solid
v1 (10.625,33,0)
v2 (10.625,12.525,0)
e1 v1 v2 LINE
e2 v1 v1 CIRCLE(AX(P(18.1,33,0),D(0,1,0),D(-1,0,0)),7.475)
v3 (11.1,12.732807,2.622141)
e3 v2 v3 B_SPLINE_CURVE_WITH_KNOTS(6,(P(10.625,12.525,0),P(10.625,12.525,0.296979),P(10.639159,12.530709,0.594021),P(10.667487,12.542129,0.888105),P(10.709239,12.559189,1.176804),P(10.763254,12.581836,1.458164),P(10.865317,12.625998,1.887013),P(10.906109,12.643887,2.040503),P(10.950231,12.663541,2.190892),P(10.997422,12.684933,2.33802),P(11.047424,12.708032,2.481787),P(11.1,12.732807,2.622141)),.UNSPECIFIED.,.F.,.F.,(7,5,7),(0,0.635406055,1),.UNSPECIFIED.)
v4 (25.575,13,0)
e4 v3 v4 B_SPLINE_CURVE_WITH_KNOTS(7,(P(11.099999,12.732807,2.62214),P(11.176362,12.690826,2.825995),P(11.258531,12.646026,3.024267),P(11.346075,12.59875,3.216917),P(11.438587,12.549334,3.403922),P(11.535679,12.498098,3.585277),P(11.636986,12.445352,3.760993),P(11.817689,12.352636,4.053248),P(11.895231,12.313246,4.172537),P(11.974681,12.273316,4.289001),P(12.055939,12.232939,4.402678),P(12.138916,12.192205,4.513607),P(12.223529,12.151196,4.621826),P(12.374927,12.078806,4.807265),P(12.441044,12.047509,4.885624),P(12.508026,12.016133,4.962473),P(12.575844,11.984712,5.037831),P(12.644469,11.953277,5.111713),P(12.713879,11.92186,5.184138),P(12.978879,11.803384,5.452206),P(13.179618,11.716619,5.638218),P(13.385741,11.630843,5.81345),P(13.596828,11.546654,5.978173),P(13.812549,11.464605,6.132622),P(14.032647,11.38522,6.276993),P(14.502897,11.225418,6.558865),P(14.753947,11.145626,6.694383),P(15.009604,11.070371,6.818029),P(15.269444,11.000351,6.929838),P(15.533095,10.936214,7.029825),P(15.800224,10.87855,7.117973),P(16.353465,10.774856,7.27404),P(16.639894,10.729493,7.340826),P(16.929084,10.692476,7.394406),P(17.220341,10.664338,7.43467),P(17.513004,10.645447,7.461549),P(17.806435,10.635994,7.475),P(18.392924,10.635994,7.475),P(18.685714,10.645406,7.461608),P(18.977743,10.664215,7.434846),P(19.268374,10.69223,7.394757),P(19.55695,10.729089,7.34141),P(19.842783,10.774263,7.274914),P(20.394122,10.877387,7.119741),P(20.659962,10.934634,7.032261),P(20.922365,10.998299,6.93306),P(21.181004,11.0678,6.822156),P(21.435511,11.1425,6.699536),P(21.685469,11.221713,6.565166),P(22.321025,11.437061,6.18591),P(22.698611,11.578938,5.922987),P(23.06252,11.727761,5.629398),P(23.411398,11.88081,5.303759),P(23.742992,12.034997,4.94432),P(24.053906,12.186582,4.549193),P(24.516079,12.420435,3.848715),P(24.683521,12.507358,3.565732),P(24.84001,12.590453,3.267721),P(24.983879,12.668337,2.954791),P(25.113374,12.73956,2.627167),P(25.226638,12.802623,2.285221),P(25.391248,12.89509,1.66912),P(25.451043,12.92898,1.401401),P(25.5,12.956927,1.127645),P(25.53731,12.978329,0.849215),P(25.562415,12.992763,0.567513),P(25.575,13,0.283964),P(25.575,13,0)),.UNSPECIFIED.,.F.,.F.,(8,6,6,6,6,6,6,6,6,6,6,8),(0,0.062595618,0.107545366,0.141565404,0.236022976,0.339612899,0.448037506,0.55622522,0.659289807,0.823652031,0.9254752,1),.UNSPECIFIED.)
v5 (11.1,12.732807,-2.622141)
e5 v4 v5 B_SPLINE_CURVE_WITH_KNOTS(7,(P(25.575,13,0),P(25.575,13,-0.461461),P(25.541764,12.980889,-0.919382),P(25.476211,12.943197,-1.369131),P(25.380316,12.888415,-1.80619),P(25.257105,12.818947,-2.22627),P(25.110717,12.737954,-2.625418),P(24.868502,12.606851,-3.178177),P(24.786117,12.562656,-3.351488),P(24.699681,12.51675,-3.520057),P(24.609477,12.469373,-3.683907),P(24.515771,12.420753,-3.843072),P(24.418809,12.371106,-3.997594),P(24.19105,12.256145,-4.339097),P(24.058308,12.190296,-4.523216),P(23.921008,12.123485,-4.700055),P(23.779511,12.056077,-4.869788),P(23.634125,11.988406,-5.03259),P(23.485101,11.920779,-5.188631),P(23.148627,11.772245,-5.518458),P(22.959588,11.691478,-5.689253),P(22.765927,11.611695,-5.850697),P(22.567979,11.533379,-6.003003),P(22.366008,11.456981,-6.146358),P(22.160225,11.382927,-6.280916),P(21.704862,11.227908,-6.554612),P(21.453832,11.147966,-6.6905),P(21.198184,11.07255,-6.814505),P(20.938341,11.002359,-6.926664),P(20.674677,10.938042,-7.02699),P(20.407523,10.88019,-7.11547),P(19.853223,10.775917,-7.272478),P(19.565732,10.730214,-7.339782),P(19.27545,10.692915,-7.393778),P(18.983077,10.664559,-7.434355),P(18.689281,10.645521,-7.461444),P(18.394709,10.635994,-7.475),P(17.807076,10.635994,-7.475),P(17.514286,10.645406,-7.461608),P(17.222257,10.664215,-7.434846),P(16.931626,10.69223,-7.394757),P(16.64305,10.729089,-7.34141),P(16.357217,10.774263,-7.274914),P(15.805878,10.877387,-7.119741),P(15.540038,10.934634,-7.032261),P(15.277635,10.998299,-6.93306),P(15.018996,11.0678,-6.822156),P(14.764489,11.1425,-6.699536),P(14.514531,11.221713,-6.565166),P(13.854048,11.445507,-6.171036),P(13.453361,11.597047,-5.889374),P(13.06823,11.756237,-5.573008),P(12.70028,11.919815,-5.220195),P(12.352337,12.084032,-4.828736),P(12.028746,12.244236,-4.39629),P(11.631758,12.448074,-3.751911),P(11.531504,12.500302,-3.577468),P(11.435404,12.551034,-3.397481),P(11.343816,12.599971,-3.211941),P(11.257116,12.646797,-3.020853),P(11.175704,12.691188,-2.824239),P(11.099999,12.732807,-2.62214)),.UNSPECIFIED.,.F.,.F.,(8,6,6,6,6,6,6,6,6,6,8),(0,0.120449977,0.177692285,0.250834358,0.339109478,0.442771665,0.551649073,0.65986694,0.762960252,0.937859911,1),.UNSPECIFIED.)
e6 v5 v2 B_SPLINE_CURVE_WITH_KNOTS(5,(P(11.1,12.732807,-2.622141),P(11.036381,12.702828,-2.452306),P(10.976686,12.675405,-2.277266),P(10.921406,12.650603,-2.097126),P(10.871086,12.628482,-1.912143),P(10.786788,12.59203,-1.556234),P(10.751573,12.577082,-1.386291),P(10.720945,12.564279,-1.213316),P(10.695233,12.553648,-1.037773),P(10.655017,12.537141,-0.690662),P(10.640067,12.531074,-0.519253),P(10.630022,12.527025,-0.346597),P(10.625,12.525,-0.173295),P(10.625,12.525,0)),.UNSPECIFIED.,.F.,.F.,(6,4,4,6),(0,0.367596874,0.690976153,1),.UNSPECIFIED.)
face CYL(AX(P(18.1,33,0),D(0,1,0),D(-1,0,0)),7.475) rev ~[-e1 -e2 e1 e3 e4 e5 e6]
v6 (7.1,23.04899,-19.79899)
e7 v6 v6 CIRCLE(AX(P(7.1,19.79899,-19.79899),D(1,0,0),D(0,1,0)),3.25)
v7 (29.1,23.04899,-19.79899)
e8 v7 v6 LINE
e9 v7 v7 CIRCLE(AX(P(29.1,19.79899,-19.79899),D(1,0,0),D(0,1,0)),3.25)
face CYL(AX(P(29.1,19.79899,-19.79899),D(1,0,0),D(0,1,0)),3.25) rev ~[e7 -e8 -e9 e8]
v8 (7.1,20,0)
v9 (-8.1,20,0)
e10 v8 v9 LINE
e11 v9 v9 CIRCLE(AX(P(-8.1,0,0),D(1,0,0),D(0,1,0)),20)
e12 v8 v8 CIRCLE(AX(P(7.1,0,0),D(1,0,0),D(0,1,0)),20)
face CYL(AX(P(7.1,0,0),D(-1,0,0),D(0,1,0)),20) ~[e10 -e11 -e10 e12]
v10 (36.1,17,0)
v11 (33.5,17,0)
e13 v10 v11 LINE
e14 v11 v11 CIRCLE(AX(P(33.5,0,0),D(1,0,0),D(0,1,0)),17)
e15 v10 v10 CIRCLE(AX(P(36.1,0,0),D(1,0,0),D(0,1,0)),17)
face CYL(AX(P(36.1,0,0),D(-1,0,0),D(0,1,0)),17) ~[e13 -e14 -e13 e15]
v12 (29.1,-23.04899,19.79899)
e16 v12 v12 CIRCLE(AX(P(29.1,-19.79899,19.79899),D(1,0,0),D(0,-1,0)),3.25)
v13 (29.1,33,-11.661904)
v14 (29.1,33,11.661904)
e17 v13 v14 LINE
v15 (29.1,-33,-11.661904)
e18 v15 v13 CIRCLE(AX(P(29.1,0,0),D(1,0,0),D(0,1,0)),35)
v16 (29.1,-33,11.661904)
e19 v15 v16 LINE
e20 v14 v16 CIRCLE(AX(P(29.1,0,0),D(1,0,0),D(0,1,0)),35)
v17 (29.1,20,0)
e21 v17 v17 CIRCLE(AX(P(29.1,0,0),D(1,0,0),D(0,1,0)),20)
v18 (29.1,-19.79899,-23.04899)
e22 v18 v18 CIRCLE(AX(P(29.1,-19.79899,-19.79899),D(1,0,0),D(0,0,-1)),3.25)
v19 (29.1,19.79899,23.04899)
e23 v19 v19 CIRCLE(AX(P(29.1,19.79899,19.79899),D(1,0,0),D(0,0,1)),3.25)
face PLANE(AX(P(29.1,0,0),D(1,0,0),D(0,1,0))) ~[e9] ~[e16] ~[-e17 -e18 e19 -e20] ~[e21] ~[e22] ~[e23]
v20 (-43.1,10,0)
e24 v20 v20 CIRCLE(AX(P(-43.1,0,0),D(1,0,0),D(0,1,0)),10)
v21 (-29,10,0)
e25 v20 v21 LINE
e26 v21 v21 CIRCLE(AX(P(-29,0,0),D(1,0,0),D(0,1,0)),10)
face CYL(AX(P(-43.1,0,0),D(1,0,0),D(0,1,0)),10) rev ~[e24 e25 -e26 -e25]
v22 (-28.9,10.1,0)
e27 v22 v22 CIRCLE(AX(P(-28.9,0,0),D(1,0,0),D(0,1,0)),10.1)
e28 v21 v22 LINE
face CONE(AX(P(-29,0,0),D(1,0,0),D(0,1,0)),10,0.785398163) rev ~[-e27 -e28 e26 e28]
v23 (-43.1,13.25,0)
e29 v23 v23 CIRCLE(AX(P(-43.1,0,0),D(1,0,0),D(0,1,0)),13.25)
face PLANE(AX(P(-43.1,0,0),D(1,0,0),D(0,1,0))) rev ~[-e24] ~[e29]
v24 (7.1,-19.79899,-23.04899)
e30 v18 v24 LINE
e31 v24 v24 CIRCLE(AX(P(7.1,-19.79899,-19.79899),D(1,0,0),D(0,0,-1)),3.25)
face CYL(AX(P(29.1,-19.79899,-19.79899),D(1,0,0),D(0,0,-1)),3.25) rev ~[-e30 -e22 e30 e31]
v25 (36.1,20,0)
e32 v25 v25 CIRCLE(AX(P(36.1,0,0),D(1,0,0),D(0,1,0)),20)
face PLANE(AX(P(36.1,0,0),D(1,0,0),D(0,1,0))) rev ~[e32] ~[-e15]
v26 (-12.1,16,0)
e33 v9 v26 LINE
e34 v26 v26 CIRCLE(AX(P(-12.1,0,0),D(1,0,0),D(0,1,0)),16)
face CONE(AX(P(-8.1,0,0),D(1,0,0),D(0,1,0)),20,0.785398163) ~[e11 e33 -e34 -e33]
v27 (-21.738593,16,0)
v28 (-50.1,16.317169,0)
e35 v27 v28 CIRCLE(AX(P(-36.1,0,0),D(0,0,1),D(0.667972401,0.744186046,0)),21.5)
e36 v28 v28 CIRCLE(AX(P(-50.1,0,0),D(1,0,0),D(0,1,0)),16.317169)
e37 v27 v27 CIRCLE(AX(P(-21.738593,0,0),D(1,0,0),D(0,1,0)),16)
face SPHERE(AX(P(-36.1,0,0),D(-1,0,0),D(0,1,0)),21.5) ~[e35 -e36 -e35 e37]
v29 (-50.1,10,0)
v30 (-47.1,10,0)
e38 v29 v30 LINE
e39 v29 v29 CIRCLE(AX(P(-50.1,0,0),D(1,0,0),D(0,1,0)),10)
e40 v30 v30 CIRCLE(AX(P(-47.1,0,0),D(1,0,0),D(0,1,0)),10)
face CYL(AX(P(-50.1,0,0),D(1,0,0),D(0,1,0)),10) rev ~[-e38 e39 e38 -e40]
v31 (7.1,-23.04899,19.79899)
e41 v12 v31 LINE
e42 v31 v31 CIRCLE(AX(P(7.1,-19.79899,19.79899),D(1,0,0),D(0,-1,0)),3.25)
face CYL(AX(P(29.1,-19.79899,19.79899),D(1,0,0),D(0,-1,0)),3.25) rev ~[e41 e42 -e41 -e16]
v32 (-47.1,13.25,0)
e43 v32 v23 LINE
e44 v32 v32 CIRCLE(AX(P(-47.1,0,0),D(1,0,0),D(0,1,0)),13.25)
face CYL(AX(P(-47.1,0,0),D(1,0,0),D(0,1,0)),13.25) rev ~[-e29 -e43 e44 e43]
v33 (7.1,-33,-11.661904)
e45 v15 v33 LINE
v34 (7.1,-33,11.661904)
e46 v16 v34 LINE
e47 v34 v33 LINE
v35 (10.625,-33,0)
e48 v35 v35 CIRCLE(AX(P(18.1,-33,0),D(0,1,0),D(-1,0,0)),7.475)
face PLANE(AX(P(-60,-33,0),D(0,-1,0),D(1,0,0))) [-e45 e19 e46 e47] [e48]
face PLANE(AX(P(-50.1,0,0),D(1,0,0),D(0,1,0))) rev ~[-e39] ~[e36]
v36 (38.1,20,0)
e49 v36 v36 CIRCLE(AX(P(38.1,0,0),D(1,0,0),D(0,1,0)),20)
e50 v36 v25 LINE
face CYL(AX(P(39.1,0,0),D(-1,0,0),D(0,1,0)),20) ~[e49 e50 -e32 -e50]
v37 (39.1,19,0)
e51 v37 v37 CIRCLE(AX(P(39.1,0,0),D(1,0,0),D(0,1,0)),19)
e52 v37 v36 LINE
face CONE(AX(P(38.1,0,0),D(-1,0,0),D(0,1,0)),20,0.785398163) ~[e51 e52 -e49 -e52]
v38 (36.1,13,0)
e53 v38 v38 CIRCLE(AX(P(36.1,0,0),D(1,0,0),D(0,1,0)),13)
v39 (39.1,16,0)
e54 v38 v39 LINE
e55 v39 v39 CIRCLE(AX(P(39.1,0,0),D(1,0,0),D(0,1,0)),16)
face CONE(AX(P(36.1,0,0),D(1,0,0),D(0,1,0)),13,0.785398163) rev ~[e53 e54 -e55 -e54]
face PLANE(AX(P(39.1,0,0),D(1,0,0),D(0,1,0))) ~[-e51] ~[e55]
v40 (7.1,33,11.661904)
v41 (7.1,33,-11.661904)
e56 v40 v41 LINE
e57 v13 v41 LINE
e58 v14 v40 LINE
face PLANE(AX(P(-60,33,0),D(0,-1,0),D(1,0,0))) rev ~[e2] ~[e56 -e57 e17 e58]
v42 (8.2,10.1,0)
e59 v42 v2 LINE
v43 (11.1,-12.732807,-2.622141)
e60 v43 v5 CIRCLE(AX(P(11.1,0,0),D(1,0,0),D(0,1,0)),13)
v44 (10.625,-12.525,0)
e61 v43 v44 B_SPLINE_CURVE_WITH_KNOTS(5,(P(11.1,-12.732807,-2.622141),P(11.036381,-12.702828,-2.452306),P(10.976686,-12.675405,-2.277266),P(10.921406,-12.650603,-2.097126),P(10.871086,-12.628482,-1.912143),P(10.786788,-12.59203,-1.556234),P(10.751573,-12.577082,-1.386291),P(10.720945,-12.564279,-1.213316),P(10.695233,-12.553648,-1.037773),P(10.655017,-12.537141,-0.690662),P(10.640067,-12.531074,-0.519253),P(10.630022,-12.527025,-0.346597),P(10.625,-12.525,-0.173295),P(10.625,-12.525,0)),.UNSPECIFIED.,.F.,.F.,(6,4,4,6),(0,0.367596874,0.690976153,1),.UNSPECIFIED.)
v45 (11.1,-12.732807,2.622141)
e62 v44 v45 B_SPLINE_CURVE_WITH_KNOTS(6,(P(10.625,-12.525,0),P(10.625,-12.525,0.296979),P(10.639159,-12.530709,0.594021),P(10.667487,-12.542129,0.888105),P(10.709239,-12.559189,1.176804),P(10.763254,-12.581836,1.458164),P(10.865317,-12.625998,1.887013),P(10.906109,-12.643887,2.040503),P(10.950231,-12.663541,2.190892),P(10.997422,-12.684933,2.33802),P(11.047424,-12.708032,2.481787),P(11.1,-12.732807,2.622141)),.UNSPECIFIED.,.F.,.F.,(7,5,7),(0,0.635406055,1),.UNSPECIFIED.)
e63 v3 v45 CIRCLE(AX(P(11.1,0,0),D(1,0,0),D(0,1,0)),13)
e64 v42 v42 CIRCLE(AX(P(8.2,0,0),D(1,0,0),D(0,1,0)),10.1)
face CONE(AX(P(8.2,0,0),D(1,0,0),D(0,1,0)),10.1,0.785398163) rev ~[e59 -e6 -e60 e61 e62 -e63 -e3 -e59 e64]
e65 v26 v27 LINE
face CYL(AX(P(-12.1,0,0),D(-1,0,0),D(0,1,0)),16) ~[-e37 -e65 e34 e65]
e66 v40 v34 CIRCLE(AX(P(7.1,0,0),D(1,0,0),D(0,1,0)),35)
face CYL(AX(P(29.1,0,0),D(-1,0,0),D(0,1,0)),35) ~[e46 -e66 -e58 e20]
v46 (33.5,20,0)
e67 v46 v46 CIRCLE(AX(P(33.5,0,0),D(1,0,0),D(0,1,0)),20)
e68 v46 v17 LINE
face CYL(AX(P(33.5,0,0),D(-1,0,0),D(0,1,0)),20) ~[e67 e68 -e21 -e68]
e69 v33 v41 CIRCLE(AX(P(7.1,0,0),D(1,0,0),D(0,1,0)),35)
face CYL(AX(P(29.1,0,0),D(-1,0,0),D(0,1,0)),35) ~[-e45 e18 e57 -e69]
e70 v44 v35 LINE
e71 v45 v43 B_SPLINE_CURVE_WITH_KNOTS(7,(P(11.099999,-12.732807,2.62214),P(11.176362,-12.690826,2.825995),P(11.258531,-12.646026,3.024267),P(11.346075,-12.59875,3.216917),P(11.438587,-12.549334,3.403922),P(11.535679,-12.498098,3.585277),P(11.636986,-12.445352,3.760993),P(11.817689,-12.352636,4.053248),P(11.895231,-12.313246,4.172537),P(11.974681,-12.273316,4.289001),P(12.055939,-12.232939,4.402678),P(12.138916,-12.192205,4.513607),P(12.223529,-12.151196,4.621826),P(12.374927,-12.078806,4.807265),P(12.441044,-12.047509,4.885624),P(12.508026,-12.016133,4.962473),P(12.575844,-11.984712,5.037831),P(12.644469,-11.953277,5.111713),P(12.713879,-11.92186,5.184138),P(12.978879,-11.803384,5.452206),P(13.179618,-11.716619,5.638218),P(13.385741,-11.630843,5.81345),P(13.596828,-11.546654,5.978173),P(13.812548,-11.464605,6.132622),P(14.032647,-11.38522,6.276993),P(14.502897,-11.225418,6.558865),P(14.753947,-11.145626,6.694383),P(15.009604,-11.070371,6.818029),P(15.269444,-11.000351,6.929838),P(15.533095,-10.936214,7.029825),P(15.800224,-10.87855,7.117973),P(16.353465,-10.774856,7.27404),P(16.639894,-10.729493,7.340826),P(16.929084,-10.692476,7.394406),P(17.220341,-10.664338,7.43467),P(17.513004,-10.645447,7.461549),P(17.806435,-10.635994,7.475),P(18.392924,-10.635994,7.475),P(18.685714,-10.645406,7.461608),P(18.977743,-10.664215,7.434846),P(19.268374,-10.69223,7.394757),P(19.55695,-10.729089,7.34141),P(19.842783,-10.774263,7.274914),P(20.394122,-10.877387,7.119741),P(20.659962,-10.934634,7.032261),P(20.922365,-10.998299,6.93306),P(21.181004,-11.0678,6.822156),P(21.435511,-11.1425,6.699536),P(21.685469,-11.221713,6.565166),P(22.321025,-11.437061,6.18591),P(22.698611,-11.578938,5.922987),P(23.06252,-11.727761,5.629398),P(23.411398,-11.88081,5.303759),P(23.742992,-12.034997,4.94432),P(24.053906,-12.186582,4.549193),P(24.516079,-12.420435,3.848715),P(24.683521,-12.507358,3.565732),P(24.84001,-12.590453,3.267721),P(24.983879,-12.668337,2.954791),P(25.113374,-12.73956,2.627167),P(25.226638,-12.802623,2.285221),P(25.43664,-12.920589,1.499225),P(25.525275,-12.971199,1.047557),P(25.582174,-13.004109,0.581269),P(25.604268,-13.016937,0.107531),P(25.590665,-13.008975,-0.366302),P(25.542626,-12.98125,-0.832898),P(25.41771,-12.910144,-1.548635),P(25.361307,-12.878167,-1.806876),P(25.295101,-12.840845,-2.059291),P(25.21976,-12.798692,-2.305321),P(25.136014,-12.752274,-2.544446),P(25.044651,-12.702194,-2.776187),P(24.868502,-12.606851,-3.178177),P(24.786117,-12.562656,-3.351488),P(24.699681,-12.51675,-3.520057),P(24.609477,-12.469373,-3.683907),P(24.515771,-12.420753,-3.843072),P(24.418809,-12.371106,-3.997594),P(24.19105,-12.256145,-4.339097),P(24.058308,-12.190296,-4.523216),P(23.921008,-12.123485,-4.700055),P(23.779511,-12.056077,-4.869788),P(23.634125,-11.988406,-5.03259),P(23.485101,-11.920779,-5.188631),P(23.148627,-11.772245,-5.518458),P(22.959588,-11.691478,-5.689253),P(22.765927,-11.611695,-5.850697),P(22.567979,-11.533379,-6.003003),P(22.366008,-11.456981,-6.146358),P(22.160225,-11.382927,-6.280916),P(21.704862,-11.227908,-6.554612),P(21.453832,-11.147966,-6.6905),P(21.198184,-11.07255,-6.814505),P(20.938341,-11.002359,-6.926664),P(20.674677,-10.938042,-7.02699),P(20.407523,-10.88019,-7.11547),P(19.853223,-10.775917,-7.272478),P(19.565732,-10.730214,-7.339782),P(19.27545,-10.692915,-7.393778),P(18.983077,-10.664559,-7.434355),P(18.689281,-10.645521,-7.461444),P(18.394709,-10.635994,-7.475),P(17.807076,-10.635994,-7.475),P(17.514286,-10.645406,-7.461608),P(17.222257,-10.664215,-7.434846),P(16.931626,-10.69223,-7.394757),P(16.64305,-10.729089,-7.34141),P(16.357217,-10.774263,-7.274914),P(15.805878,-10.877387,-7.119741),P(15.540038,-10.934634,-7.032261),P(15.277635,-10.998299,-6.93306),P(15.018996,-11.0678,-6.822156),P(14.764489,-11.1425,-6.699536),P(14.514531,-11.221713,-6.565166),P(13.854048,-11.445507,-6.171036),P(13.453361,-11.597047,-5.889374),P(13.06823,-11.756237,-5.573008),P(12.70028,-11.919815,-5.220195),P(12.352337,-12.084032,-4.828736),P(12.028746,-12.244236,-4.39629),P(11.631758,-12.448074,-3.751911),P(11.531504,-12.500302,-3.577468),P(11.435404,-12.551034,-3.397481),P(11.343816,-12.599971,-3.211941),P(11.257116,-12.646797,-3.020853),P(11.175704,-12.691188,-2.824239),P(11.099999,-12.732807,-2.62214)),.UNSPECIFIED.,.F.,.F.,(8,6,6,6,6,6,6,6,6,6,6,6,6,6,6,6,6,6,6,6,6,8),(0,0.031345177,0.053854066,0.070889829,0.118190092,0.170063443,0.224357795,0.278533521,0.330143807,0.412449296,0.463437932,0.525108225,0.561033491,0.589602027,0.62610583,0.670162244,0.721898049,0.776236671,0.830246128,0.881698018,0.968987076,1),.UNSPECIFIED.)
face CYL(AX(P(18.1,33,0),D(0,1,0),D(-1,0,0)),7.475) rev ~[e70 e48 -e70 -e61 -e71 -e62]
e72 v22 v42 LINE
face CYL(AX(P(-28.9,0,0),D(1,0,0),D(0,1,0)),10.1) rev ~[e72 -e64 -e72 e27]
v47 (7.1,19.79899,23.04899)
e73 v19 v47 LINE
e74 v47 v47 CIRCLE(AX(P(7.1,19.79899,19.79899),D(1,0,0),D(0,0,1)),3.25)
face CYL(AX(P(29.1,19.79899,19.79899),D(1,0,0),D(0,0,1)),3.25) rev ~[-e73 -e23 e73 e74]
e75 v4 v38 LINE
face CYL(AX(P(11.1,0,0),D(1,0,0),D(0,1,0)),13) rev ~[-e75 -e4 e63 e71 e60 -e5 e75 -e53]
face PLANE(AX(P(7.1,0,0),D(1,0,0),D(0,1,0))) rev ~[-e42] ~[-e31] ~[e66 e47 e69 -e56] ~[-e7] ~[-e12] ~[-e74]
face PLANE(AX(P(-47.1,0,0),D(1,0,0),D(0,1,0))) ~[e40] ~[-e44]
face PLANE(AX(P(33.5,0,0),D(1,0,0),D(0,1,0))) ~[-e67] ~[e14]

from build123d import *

# Parameters (mm, degrees)
ESQUISSE2_OUTSIDE_W          = 117.85
ESQUISSE2_OUTSIDE_H          = 98.65
ESQUISSE2_OUTSIDE_W_2        = 105
ESQUISSE2_OUTSIDE_H_2        = 66
ENL_V_MAT_EXTRU_1_DEPTH      = 50
ESQUISSE3_R                  = 7.475
ENL_V_MAT_EXTRU_2_DEPTH      = 67
ESQUISSE4_R                  = 3.25
ENL_V_MAT_EXTRU_3_DEPTH      = 80.2
R_P_TITION_CIRCULAIRE1_COUNT = 4
CHANFREIN1_SIZE              = 1


with BuildPart() as part:
    # Esquisse1 → Base-Révolution (revolve)
    with BuildSketch(Plane.XY):
        with BuildLine():
            Line((39.1, 16), (39.1, 20))
            Line((39.1, 20), (36.1, 20))
            Line((36.1, 20), (36.1, 17))
            Line((36.1, 17), (33.5, 17))
            Line((33.5, 17), (33.5, 20))
            Line((33.5, 20), (29.1, 20))
            Line((29.1, 20), (29.1, 35))
            Line((29.1, 35), (7.1, 35))
            Line((7.1, 35), (7.1, 20))
            Line((7.1, 20), (-8.1, 20))
            Line((-8.1, 20), (-12.1, 16))
            Line((-12.1, 16), (-21.738593384, 16))
            ThreePointArc((-21.738593384, 16), (-35.859578061, 21.498655709), (-50.1, 16.317168872))
            Line((-50.1, 16.317168872), (-50.1, 10))
            Line((-50.1, 10), (-47.1, 10))
            Line((-47.1, 10), (-47.1, 13.25))
            Line((-47.1, 13.25), (-43.1, 13.25))
            Line((-43.1, 13.25), (-43.1, 10))
            Line((-43.1, 10), (-29, 10))
            Line((-29, 10), (-28.9, 10.1))
            Line((-28.9, 10.1), (8.2, 10.1))
            Line((8.2, 10.1), (11.1, 13))
            Line((11.1, 13), (36.1, 13))
            Line((36.1, 13), (39.1, 16))
        make_face()
    revolve(axis=Axis((-69, 0, 0), (1, 0, 0)))

    # Esquisse2 outside → Enlèv. mat.-Extru.1 (cut, symmetric)
    with BuildSketch(Plane.XY):
        with Locations((-5.5, 0)):
            Rectangle(ESQUISSE2_OUTSIDE_W, ESQUISSE2_OUTSIDE_H)
        with Locations((-7.5, 0)):
            Rectangle(ESQUISSE2_OUTSIDE_W_2, ESQUISSE2_OUTSIDE_H_2, mode=Mode.SUBTRACT)
    extrude(amount=ENL_V_MAT_EXTRU_1_DEPTH, both=True, mode=Mode.SUBTRACT)

    # Esquisse3 → Enlèv. mat.-Extru.2 (cut, through all)
    with BuildSketch(Plane(origin=(0, 33, 0), x_dir=(-1, 0, 0), z_dir=(0, 1, 0))):
        with Locations((-18.1, 0)):
            Circle(ESQUISSE3_R)
    extrude(amount=-ENL_V_MAT_EXTRU_2_DEPTH, mode=Mode.SUBTRACT)

    # Esquisse4 → Enlèv. mat.-Extru.3 (cut, through all)
    with BuildSketch(Plane(origin=(29.1, 0, 0), x_dir=(0, 0, -1), z_dir=(1, 0, 0))):
        with Locations((19.798989873, -19.798989873)):
            Circle(ESQUISSE4_R)
    enl_v_mat_extru_3 = extrude(amount=-ENL_V_MAT_EXTRU_3_DEPTH, mode=Mode.SUBTRACT)

    # Répétition circulaire1: Enlèv. mat.-Extru.3 ×4 about axis
    r_p_tition_circulaire1_axis = Axis((-69, 0, 0), (1, 0, 0))
    for i in range(1, R_P_TITION_CIRCULAIRE1_COUNT):
        add(enl_v_mat_extru_3.rotate(r_p_tition_circulaire1_axis, i * 360 / R_P_TITION_CIRCULAIRE1_COUNT), mode=Mode.SUBTRACT)

    # Chanfrein1
    chanfrein1_edges = [part.edges().sort_by_distance(p)[0] for p in [
        (39.1, -20, 0),
    ]]
    chamfer(chanfrein1_edges, length=CHANFREIN1_SIZE)


solid = part.part
